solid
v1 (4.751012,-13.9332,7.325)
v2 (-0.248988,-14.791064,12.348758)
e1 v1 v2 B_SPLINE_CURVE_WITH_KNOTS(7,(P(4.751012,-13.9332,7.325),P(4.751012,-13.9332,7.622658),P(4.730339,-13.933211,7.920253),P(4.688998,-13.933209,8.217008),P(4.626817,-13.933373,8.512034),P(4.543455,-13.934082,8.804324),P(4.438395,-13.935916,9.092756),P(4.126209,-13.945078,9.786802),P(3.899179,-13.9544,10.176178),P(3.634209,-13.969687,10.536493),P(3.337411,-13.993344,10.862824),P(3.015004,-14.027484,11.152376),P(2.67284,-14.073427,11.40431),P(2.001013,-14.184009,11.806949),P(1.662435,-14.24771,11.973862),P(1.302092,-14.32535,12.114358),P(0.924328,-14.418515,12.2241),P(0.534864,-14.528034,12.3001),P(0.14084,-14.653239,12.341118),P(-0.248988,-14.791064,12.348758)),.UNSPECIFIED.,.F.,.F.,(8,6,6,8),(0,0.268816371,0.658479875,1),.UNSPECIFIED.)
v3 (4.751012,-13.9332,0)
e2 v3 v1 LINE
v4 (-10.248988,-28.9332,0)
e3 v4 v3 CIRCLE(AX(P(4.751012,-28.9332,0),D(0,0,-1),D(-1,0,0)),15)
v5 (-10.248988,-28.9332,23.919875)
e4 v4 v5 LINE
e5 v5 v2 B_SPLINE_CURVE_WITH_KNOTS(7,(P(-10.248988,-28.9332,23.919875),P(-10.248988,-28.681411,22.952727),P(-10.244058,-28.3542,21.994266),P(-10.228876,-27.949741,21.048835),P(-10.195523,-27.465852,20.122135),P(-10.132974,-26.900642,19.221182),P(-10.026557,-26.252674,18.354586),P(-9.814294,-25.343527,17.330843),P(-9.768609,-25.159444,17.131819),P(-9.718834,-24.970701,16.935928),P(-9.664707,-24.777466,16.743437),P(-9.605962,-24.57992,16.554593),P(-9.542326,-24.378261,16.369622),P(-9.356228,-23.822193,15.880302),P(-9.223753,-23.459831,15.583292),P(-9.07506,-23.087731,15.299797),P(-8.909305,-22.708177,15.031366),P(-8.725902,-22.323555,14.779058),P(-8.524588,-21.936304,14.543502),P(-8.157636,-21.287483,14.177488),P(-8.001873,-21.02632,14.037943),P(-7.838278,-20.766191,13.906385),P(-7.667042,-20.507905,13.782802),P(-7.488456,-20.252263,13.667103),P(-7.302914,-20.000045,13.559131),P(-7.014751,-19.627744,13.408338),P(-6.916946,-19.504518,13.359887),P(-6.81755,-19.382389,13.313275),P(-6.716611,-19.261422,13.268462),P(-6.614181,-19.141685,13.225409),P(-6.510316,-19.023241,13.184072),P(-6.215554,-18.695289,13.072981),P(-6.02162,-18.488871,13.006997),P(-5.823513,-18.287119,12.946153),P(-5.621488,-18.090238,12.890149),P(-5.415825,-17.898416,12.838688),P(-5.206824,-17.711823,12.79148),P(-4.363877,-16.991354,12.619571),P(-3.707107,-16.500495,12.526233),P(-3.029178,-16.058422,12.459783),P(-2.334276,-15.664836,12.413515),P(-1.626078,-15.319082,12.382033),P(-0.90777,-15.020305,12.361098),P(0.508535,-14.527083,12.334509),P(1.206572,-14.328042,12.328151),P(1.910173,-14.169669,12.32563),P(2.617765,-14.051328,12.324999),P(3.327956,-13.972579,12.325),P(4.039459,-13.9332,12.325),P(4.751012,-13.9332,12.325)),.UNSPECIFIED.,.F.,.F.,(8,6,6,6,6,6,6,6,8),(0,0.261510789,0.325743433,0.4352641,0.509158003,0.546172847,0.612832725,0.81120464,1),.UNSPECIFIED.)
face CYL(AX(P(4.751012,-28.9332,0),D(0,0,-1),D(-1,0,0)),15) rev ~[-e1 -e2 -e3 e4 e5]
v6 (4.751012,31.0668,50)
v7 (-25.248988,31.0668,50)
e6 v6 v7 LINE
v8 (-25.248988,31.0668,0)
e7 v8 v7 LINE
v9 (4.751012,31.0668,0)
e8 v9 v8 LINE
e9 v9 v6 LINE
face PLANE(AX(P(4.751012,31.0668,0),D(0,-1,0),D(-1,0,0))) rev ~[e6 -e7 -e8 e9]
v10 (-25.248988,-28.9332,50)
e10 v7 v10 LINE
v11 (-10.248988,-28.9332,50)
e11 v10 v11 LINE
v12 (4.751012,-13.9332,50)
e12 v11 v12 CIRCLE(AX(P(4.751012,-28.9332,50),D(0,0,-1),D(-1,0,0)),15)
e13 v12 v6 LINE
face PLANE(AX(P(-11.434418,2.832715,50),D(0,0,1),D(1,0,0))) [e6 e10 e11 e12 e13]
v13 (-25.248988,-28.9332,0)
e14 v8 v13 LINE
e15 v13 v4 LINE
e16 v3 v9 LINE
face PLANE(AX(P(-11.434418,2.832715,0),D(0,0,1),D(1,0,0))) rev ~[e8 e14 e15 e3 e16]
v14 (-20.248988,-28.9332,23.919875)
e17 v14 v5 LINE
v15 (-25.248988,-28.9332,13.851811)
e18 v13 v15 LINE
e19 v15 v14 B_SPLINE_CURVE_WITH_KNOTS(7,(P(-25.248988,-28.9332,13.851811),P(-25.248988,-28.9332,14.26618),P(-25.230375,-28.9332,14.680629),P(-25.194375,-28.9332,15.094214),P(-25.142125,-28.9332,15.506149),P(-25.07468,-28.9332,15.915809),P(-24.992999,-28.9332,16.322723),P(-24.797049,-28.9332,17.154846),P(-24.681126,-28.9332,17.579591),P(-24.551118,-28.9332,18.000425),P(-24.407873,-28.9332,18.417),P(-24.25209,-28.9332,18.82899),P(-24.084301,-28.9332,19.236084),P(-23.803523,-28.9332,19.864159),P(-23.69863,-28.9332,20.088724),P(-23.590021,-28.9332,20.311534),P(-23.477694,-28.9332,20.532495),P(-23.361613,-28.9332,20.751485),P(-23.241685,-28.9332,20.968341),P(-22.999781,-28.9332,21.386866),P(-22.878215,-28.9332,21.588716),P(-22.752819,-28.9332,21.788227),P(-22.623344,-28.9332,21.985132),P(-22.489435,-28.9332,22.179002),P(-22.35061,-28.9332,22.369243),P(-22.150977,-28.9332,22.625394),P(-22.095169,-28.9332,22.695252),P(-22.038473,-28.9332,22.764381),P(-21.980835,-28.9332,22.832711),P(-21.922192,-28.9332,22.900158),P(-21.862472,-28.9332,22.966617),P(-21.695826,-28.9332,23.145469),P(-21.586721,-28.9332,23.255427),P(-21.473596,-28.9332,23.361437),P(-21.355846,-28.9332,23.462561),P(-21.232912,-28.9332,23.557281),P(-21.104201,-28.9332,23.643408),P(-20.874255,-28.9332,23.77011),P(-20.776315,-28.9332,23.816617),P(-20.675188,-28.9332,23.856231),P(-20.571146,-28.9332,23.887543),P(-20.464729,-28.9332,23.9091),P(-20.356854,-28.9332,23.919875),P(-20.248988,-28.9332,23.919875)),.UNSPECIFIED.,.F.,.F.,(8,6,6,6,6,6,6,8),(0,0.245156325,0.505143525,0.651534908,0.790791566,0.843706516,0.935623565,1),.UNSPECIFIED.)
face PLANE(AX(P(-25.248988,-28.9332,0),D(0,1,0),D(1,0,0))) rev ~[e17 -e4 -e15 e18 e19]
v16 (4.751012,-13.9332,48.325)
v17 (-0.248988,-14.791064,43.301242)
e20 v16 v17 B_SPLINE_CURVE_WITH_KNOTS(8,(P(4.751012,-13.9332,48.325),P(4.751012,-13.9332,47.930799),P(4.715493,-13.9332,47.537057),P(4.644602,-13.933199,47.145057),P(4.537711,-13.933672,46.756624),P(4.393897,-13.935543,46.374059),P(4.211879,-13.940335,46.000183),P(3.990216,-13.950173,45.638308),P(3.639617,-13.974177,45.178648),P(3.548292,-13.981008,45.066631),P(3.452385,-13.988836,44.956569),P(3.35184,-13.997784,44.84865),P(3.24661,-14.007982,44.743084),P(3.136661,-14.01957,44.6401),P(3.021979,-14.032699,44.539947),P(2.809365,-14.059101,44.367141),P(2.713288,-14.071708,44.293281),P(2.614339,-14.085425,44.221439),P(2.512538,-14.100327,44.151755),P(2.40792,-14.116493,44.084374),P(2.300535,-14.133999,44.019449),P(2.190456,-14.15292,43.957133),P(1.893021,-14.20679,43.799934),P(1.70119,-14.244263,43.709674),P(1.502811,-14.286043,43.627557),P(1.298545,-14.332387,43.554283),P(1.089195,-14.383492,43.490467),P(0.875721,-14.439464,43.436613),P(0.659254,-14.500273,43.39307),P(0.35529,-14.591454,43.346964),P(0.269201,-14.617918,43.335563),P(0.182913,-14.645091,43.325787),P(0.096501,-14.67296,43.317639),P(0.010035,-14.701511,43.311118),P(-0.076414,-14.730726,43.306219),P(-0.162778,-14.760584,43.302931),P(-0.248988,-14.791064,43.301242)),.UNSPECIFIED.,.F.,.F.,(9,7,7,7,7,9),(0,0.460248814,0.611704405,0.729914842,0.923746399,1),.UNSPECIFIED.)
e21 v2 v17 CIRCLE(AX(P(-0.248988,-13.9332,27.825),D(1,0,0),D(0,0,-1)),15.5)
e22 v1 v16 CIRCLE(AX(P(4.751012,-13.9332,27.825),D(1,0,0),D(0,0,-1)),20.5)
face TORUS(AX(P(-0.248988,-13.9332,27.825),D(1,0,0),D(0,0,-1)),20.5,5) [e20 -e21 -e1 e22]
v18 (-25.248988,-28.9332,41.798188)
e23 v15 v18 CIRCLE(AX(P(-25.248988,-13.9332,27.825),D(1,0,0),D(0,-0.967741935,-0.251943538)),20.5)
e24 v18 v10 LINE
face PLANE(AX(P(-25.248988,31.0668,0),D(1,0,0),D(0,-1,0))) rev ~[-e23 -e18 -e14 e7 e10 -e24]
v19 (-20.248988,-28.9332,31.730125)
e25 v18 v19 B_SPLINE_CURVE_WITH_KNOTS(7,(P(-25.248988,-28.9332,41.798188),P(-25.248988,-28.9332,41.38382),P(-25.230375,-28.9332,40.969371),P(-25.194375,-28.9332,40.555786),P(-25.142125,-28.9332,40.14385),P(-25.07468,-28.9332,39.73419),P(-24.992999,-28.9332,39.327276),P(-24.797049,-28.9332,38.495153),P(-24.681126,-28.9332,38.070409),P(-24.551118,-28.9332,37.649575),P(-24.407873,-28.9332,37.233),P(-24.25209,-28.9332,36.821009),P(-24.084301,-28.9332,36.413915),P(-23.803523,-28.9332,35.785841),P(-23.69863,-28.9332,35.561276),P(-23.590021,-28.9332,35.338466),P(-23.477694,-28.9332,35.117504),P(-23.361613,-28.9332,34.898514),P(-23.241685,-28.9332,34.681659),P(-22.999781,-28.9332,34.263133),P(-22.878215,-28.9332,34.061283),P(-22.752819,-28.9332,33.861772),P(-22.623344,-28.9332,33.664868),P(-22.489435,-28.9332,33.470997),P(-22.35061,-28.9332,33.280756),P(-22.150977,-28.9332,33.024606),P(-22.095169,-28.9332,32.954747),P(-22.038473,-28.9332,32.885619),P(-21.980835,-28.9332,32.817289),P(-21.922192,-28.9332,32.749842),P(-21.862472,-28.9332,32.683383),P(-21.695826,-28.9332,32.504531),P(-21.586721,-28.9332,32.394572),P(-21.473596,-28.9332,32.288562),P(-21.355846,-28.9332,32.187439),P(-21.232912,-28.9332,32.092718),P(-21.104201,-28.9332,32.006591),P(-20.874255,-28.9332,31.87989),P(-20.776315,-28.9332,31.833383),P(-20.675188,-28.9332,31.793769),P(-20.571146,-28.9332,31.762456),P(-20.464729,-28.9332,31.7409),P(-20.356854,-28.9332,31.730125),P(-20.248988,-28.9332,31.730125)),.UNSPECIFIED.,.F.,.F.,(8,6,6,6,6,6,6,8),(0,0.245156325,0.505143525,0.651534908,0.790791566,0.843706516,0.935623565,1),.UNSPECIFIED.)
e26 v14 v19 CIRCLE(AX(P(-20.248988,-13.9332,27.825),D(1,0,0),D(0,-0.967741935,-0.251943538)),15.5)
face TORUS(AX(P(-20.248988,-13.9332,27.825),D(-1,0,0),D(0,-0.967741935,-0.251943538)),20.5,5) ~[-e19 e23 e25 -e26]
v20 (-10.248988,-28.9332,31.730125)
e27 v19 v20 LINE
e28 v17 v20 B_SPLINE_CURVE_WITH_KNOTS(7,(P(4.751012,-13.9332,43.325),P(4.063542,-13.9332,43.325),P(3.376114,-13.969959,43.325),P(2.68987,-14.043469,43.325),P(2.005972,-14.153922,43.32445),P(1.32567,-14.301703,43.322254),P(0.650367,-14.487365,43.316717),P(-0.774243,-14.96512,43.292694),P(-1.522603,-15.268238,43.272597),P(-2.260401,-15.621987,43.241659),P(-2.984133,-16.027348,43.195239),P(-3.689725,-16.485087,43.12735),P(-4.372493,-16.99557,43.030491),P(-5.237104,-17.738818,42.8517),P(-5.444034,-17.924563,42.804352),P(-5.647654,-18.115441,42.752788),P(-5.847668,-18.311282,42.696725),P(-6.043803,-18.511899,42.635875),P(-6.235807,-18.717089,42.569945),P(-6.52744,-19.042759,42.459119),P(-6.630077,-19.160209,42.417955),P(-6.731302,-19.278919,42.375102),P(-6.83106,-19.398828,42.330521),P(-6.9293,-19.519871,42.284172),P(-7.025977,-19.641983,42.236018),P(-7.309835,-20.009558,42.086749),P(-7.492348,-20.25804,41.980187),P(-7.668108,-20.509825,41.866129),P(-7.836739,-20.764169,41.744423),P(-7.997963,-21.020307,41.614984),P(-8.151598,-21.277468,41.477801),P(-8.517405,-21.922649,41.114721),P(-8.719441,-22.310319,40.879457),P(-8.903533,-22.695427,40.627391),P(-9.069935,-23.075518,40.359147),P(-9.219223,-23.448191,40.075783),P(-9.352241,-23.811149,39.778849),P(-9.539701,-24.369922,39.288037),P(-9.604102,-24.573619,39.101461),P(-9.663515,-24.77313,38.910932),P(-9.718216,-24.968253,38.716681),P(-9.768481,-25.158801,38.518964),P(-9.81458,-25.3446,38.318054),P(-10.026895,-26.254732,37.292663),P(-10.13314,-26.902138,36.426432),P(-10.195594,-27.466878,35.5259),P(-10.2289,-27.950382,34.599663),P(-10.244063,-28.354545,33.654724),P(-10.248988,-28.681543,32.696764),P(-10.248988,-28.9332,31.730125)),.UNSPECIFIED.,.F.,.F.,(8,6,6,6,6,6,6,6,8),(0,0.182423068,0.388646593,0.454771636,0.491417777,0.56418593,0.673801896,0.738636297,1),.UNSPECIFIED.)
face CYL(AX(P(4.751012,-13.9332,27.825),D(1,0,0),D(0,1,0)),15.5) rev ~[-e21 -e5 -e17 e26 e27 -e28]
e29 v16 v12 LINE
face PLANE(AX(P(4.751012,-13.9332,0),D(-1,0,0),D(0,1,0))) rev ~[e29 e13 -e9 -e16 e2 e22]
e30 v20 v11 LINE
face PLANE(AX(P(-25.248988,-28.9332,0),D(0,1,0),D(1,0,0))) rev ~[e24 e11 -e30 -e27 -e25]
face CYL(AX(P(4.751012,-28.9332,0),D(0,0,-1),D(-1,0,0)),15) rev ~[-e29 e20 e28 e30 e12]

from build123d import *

# Parameters (mm, degrees)
F1_DEPTH = 50
F2_R     = 15.5
F3_DEPTH = 70
F4_R     = 5


with BuildPart() as f1:
    # F0 (on Top) → F1 (new body)
    with BuildSketch(Plane.XY):
        with BuildLine():
            Line((-25.2489881364, 31.0668002069), (-25.2489881364, -28.9331997931))
            Line((-25.2489881364, -28.9331997931), (-10.2489881364, -28.9331997931))
            ThreePointArc((-10.2489881364, -28.9331997931), (-5.8555898542, -18.3265980753), (4.7510118636, -13.9331997931))
            Line((4.7510118636, -13.9331997931), (4.7510118636, 31.0668002069))
            Line((4.7510118636, 31.0668002069), (-25.2489881364, 31.0668002069))
        make_face()
    extrude(amount=F1_DEPTH)

    # F2 (on face) → F3 (cut)
    with BuildSketch(Plane.YZ.offset(4.7510118636)):
        with Locations((-13.9331997931, 27.8249997646)):
            Circle(F2_R)
    extrude(amount=-F3_DEPTH, mode=Mode.SUBTRACT)

    # F4
    f4_edges = [f1.edges().sort_by_distance(p)[0] for p in [
        (4.751012, 1.5668, 27.825),
        (-25.248988, 1.5668, 27.825),
    ]]
    fillet(f4_edges, radius=F4_R)


solid = f1.part
